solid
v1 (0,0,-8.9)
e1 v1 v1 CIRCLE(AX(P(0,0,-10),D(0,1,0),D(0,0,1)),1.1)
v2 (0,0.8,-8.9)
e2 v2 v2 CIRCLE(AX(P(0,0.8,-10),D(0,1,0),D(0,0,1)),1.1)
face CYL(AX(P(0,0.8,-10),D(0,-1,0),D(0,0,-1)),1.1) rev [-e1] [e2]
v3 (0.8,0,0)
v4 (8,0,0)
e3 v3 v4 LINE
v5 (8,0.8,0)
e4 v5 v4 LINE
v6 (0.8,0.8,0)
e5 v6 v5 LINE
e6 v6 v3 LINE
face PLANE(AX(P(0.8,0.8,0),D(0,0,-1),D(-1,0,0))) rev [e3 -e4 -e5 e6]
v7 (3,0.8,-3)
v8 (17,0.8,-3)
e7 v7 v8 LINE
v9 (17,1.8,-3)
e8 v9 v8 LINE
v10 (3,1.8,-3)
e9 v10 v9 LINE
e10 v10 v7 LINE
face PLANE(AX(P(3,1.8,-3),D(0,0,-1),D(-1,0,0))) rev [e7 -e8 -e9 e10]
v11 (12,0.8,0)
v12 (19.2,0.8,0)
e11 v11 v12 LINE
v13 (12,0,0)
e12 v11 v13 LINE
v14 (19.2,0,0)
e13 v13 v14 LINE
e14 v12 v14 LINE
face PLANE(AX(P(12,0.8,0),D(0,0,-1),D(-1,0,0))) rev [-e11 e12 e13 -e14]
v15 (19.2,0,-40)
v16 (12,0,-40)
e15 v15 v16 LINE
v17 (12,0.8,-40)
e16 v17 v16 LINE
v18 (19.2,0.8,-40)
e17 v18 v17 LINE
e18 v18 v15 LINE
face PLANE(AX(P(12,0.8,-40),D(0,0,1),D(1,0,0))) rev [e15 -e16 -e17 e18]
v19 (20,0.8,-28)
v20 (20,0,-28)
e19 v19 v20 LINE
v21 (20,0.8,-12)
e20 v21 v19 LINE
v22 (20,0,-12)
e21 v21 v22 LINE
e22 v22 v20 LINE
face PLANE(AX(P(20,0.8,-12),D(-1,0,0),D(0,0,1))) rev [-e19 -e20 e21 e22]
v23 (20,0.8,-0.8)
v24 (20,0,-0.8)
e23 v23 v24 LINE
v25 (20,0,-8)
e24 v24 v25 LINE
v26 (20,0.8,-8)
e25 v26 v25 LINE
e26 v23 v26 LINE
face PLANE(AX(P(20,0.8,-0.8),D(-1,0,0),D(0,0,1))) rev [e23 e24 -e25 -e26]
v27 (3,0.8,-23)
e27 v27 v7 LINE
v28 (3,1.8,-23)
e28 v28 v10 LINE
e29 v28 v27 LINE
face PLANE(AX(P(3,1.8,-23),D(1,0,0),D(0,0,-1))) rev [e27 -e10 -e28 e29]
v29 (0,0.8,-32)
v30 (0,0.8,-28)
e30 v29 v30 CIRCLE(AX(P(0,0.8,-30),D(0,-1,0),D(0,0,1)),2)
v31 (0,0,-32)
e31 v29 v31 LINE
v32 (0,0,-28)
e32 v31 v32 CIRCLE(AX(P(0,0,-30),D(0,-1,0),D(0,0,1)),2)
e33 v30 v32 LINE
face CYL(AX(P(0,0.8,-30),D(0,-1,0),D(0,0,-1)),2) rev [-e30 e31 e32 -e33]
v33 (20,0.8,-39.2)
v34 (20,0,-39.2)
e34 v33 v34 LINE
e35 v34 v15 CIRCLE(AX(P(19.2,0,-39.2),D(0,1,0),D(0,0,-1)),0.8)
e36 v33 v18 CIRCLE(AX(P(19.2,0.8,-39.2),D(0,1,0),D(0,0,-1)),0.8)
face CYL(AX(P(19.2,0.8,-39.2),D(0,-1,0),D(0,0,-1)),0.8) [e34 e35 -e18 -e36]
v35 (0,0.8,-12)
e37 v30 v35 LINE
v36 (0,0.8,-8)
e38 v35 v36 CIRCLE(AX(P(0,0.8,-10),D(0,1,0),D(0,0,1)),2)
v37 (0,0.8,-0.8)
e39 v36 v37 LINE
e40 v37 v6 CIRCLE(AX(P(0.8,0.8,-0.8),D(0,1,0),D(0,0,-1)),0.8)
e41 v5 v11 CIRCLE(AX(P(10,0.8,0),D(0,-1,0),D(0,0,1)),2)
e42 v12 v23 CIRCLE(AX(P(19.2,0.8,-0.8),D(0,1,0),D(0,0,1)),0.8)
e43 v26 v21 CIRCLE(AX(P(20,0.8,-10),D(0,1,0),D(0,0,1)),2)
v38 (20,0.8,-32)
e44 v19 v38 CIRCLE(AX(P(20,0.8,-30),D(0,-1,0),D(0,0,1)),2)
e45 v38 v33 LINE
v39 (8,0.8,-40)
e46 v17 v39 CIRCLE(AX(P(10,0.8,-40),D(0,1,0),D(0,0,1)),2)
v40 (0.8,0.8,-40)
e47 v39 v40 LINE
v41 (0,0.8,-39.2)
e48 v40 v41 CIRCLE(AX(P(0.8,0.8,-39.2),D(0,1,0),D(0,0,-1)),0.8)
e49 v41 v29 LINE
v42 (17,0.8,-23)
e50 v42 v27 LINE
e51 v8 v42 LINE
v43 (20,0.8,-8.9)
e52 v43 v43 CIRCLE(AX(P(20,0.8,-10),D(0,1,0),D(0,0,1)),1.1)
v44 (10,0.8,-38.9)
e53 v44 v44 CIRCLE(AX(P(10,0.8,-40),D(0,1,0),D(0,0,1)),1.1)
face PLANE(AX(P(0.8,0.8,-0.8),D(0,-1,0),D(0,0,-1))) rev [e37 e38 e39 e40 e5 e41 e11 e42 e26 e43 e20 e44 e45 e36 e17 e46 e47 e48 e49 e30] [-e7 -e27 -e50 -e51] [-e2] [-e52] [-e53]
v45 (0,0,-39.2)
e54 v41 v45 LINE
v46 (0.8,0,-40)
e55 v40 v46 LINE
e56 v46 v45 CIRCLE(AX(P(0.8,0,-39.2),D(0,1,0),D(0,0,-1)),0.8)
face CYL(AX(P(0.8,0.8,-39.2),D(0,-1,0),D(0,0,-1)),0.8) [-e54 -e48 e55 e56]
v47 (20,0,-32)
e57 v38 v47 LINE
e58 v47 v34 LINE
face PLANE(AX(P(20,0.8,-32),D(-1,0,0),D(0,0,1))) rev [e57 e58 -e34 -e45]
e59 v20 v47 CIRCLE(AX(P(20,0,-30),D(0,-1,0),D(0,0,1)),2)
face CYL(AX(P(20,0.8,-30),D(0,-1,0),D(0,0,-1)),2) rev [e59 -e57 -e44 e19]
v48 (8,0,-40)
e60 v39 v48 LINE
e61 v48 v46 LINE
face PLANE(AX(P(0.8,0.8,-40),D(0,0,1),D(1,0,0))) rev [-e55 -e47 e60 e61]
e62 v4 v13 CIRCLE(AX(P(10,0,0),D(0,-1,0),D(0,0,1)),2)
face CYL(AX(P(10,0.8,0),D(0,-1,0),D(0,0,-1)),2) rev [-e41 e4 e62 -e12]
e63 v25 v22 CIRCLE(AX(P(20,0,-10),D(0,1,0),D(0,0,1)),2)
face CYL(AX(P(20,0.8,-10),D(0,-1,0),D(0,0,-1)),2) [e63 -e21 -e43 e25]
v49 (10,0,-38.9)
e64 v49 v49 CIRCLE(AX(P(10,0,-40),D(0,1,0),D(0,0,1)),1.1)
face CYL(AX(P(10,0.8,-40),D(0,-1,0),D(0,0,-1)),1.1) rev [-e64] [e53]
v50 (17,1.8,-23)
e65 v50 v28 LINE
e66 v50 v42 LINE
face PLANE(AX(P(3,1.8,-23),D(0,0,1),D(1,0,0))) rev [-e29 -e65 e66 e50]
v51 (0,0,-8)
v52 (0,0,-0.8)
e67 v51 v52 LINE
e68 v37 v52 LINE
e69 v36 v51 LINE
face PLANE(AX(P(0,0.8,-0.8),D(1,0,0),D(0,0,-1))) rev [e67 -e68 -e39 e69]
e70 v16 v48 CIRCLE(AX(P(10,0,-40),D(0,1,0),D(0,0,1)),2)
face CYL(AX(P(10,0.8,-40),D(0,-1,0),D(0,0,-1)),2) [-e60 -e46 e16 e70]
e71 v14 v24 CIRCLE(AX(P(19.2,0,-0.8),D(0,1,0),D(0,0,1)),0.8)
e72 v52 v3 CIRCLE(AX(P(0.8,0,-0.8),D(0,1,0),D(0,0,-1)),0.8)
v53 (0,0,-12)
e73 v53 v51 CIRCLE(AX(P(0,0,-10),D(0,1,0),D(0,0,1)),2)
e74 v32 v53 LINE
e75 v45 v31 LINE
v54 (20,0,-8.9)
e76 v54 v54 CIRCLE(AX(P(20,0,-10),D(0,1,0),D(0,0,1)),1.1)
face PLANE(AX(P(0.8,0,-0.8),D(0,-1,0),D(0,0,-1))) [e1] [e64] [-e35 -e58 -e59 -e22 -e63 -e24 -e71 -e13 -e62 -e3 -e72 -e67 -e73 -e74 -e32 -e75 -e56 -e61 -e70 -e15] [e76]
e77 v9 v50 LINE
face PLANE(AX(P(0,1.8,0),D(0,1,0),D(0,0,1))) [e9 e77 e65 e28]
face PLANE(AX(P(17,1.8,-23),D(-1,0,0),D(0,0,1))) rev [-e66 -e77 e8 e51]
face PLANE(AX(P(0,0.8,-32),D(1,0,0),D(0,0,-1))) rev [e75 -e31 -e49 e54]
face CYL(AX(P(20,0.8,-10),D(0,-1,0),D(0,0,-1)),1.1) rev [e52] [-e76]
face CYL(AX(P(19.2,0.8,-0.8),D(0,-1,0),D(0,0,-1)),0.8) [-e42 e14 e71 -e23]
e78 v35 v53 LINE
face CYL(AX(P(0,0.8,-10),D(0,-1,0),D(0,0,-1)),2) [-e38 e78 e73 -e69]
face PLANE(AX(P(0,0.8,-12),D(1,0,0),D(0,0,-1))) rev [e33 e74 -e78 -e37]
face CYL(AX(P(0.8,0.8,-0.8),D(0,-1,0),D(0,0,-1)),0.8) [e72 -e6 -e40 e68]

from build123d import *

# Parameters (mm, degrees)
SKETCH1_R      = 1.1
BOARD_DEPTH    = 0.8
ESQUISSE1_W    = 14
ESQUISSE1_H    = 20
CAPTEURS_DEPTH = 1


with BuildPart() as part:
    # Sketch1 → Board (new body)
    with BuildSketch(Plane(origin=(0, 0, 0), x_dir=(1, 0, 0), z_dir=(0, 1, 0))):
        with BuildLine():
            Line((0.8, 0), (8, 0))
            ThreePointArc((8, 0), (10, 2), (12, 0))
            Line((12, 0), (19.2, 0))
            ThreePointArc((19.2, 0), (19.765685425, 0.234314575), (20, 0.8))
            Line((20, 0.8), (20, 8))
            ThreePointArc((20, 8), (22, 10), (20, 12))
            Line((20, 12), (20, 28))
            ThreePointArc((20, 28), (18, 30), (20, 32))
            Line((20, 32), (20, 39.2))
            ThreePointArc((20, 39.2), (19.765685425, 39.765685425), (19.2, 40))
            Line((19.2, 40), (12, 40))
            ThreePointArc((12, 40), (10, 42), (8, 40))
            Line((8, 40), (0.8, 40))
            ThreePointArc((0.8, 40), (0.234314575, 39.765685425), (0, 39.2))
            Line((0, 39.2), (0, 32))
            ThreePointArc((0, 32), (2, 30), (0, 28))
            Line((0, 28), (0, 12))
            ThreePointArc((0, 12), (-2, 10), (0, 8))
            Line((0, 8), (0, 0.8))
            ThreePointArc((0, 0.8), (0.234314575, 0.234314575), (0.8, 0))
        make_face()
        with Locations(Location((10, 40, 0), (0, 0, 270))):
            Circle(SKETCH1_R, mode=Mode.SUBTRACT)
        with Locations(Location((0, 10, 0), (0, 0, 270))):
            Circle(SKETCH1_R, mode=Mode.SUBTRACT)
        with Locations(Location((20, 10, 0), (0, 0, 270))):
            Circle(SKETCH1_R, mode=Mode.SUBTRACT)
    extrude(amount=BOARD_DEPTH)

    # Esquisse1 → Capteurs (add)
    with BuildSketch(Plane(origin=(0, 0.8, 0), x_dir=(1, 0, 0), z_dir=(0, 1, 0))):
        with Locations((10, 13)):
            Rectangle(ESQUISSE1_W, ESQUISSE1_H)
    extrude(amount=CAPTEURS_DEPTH)


solid = part.part
